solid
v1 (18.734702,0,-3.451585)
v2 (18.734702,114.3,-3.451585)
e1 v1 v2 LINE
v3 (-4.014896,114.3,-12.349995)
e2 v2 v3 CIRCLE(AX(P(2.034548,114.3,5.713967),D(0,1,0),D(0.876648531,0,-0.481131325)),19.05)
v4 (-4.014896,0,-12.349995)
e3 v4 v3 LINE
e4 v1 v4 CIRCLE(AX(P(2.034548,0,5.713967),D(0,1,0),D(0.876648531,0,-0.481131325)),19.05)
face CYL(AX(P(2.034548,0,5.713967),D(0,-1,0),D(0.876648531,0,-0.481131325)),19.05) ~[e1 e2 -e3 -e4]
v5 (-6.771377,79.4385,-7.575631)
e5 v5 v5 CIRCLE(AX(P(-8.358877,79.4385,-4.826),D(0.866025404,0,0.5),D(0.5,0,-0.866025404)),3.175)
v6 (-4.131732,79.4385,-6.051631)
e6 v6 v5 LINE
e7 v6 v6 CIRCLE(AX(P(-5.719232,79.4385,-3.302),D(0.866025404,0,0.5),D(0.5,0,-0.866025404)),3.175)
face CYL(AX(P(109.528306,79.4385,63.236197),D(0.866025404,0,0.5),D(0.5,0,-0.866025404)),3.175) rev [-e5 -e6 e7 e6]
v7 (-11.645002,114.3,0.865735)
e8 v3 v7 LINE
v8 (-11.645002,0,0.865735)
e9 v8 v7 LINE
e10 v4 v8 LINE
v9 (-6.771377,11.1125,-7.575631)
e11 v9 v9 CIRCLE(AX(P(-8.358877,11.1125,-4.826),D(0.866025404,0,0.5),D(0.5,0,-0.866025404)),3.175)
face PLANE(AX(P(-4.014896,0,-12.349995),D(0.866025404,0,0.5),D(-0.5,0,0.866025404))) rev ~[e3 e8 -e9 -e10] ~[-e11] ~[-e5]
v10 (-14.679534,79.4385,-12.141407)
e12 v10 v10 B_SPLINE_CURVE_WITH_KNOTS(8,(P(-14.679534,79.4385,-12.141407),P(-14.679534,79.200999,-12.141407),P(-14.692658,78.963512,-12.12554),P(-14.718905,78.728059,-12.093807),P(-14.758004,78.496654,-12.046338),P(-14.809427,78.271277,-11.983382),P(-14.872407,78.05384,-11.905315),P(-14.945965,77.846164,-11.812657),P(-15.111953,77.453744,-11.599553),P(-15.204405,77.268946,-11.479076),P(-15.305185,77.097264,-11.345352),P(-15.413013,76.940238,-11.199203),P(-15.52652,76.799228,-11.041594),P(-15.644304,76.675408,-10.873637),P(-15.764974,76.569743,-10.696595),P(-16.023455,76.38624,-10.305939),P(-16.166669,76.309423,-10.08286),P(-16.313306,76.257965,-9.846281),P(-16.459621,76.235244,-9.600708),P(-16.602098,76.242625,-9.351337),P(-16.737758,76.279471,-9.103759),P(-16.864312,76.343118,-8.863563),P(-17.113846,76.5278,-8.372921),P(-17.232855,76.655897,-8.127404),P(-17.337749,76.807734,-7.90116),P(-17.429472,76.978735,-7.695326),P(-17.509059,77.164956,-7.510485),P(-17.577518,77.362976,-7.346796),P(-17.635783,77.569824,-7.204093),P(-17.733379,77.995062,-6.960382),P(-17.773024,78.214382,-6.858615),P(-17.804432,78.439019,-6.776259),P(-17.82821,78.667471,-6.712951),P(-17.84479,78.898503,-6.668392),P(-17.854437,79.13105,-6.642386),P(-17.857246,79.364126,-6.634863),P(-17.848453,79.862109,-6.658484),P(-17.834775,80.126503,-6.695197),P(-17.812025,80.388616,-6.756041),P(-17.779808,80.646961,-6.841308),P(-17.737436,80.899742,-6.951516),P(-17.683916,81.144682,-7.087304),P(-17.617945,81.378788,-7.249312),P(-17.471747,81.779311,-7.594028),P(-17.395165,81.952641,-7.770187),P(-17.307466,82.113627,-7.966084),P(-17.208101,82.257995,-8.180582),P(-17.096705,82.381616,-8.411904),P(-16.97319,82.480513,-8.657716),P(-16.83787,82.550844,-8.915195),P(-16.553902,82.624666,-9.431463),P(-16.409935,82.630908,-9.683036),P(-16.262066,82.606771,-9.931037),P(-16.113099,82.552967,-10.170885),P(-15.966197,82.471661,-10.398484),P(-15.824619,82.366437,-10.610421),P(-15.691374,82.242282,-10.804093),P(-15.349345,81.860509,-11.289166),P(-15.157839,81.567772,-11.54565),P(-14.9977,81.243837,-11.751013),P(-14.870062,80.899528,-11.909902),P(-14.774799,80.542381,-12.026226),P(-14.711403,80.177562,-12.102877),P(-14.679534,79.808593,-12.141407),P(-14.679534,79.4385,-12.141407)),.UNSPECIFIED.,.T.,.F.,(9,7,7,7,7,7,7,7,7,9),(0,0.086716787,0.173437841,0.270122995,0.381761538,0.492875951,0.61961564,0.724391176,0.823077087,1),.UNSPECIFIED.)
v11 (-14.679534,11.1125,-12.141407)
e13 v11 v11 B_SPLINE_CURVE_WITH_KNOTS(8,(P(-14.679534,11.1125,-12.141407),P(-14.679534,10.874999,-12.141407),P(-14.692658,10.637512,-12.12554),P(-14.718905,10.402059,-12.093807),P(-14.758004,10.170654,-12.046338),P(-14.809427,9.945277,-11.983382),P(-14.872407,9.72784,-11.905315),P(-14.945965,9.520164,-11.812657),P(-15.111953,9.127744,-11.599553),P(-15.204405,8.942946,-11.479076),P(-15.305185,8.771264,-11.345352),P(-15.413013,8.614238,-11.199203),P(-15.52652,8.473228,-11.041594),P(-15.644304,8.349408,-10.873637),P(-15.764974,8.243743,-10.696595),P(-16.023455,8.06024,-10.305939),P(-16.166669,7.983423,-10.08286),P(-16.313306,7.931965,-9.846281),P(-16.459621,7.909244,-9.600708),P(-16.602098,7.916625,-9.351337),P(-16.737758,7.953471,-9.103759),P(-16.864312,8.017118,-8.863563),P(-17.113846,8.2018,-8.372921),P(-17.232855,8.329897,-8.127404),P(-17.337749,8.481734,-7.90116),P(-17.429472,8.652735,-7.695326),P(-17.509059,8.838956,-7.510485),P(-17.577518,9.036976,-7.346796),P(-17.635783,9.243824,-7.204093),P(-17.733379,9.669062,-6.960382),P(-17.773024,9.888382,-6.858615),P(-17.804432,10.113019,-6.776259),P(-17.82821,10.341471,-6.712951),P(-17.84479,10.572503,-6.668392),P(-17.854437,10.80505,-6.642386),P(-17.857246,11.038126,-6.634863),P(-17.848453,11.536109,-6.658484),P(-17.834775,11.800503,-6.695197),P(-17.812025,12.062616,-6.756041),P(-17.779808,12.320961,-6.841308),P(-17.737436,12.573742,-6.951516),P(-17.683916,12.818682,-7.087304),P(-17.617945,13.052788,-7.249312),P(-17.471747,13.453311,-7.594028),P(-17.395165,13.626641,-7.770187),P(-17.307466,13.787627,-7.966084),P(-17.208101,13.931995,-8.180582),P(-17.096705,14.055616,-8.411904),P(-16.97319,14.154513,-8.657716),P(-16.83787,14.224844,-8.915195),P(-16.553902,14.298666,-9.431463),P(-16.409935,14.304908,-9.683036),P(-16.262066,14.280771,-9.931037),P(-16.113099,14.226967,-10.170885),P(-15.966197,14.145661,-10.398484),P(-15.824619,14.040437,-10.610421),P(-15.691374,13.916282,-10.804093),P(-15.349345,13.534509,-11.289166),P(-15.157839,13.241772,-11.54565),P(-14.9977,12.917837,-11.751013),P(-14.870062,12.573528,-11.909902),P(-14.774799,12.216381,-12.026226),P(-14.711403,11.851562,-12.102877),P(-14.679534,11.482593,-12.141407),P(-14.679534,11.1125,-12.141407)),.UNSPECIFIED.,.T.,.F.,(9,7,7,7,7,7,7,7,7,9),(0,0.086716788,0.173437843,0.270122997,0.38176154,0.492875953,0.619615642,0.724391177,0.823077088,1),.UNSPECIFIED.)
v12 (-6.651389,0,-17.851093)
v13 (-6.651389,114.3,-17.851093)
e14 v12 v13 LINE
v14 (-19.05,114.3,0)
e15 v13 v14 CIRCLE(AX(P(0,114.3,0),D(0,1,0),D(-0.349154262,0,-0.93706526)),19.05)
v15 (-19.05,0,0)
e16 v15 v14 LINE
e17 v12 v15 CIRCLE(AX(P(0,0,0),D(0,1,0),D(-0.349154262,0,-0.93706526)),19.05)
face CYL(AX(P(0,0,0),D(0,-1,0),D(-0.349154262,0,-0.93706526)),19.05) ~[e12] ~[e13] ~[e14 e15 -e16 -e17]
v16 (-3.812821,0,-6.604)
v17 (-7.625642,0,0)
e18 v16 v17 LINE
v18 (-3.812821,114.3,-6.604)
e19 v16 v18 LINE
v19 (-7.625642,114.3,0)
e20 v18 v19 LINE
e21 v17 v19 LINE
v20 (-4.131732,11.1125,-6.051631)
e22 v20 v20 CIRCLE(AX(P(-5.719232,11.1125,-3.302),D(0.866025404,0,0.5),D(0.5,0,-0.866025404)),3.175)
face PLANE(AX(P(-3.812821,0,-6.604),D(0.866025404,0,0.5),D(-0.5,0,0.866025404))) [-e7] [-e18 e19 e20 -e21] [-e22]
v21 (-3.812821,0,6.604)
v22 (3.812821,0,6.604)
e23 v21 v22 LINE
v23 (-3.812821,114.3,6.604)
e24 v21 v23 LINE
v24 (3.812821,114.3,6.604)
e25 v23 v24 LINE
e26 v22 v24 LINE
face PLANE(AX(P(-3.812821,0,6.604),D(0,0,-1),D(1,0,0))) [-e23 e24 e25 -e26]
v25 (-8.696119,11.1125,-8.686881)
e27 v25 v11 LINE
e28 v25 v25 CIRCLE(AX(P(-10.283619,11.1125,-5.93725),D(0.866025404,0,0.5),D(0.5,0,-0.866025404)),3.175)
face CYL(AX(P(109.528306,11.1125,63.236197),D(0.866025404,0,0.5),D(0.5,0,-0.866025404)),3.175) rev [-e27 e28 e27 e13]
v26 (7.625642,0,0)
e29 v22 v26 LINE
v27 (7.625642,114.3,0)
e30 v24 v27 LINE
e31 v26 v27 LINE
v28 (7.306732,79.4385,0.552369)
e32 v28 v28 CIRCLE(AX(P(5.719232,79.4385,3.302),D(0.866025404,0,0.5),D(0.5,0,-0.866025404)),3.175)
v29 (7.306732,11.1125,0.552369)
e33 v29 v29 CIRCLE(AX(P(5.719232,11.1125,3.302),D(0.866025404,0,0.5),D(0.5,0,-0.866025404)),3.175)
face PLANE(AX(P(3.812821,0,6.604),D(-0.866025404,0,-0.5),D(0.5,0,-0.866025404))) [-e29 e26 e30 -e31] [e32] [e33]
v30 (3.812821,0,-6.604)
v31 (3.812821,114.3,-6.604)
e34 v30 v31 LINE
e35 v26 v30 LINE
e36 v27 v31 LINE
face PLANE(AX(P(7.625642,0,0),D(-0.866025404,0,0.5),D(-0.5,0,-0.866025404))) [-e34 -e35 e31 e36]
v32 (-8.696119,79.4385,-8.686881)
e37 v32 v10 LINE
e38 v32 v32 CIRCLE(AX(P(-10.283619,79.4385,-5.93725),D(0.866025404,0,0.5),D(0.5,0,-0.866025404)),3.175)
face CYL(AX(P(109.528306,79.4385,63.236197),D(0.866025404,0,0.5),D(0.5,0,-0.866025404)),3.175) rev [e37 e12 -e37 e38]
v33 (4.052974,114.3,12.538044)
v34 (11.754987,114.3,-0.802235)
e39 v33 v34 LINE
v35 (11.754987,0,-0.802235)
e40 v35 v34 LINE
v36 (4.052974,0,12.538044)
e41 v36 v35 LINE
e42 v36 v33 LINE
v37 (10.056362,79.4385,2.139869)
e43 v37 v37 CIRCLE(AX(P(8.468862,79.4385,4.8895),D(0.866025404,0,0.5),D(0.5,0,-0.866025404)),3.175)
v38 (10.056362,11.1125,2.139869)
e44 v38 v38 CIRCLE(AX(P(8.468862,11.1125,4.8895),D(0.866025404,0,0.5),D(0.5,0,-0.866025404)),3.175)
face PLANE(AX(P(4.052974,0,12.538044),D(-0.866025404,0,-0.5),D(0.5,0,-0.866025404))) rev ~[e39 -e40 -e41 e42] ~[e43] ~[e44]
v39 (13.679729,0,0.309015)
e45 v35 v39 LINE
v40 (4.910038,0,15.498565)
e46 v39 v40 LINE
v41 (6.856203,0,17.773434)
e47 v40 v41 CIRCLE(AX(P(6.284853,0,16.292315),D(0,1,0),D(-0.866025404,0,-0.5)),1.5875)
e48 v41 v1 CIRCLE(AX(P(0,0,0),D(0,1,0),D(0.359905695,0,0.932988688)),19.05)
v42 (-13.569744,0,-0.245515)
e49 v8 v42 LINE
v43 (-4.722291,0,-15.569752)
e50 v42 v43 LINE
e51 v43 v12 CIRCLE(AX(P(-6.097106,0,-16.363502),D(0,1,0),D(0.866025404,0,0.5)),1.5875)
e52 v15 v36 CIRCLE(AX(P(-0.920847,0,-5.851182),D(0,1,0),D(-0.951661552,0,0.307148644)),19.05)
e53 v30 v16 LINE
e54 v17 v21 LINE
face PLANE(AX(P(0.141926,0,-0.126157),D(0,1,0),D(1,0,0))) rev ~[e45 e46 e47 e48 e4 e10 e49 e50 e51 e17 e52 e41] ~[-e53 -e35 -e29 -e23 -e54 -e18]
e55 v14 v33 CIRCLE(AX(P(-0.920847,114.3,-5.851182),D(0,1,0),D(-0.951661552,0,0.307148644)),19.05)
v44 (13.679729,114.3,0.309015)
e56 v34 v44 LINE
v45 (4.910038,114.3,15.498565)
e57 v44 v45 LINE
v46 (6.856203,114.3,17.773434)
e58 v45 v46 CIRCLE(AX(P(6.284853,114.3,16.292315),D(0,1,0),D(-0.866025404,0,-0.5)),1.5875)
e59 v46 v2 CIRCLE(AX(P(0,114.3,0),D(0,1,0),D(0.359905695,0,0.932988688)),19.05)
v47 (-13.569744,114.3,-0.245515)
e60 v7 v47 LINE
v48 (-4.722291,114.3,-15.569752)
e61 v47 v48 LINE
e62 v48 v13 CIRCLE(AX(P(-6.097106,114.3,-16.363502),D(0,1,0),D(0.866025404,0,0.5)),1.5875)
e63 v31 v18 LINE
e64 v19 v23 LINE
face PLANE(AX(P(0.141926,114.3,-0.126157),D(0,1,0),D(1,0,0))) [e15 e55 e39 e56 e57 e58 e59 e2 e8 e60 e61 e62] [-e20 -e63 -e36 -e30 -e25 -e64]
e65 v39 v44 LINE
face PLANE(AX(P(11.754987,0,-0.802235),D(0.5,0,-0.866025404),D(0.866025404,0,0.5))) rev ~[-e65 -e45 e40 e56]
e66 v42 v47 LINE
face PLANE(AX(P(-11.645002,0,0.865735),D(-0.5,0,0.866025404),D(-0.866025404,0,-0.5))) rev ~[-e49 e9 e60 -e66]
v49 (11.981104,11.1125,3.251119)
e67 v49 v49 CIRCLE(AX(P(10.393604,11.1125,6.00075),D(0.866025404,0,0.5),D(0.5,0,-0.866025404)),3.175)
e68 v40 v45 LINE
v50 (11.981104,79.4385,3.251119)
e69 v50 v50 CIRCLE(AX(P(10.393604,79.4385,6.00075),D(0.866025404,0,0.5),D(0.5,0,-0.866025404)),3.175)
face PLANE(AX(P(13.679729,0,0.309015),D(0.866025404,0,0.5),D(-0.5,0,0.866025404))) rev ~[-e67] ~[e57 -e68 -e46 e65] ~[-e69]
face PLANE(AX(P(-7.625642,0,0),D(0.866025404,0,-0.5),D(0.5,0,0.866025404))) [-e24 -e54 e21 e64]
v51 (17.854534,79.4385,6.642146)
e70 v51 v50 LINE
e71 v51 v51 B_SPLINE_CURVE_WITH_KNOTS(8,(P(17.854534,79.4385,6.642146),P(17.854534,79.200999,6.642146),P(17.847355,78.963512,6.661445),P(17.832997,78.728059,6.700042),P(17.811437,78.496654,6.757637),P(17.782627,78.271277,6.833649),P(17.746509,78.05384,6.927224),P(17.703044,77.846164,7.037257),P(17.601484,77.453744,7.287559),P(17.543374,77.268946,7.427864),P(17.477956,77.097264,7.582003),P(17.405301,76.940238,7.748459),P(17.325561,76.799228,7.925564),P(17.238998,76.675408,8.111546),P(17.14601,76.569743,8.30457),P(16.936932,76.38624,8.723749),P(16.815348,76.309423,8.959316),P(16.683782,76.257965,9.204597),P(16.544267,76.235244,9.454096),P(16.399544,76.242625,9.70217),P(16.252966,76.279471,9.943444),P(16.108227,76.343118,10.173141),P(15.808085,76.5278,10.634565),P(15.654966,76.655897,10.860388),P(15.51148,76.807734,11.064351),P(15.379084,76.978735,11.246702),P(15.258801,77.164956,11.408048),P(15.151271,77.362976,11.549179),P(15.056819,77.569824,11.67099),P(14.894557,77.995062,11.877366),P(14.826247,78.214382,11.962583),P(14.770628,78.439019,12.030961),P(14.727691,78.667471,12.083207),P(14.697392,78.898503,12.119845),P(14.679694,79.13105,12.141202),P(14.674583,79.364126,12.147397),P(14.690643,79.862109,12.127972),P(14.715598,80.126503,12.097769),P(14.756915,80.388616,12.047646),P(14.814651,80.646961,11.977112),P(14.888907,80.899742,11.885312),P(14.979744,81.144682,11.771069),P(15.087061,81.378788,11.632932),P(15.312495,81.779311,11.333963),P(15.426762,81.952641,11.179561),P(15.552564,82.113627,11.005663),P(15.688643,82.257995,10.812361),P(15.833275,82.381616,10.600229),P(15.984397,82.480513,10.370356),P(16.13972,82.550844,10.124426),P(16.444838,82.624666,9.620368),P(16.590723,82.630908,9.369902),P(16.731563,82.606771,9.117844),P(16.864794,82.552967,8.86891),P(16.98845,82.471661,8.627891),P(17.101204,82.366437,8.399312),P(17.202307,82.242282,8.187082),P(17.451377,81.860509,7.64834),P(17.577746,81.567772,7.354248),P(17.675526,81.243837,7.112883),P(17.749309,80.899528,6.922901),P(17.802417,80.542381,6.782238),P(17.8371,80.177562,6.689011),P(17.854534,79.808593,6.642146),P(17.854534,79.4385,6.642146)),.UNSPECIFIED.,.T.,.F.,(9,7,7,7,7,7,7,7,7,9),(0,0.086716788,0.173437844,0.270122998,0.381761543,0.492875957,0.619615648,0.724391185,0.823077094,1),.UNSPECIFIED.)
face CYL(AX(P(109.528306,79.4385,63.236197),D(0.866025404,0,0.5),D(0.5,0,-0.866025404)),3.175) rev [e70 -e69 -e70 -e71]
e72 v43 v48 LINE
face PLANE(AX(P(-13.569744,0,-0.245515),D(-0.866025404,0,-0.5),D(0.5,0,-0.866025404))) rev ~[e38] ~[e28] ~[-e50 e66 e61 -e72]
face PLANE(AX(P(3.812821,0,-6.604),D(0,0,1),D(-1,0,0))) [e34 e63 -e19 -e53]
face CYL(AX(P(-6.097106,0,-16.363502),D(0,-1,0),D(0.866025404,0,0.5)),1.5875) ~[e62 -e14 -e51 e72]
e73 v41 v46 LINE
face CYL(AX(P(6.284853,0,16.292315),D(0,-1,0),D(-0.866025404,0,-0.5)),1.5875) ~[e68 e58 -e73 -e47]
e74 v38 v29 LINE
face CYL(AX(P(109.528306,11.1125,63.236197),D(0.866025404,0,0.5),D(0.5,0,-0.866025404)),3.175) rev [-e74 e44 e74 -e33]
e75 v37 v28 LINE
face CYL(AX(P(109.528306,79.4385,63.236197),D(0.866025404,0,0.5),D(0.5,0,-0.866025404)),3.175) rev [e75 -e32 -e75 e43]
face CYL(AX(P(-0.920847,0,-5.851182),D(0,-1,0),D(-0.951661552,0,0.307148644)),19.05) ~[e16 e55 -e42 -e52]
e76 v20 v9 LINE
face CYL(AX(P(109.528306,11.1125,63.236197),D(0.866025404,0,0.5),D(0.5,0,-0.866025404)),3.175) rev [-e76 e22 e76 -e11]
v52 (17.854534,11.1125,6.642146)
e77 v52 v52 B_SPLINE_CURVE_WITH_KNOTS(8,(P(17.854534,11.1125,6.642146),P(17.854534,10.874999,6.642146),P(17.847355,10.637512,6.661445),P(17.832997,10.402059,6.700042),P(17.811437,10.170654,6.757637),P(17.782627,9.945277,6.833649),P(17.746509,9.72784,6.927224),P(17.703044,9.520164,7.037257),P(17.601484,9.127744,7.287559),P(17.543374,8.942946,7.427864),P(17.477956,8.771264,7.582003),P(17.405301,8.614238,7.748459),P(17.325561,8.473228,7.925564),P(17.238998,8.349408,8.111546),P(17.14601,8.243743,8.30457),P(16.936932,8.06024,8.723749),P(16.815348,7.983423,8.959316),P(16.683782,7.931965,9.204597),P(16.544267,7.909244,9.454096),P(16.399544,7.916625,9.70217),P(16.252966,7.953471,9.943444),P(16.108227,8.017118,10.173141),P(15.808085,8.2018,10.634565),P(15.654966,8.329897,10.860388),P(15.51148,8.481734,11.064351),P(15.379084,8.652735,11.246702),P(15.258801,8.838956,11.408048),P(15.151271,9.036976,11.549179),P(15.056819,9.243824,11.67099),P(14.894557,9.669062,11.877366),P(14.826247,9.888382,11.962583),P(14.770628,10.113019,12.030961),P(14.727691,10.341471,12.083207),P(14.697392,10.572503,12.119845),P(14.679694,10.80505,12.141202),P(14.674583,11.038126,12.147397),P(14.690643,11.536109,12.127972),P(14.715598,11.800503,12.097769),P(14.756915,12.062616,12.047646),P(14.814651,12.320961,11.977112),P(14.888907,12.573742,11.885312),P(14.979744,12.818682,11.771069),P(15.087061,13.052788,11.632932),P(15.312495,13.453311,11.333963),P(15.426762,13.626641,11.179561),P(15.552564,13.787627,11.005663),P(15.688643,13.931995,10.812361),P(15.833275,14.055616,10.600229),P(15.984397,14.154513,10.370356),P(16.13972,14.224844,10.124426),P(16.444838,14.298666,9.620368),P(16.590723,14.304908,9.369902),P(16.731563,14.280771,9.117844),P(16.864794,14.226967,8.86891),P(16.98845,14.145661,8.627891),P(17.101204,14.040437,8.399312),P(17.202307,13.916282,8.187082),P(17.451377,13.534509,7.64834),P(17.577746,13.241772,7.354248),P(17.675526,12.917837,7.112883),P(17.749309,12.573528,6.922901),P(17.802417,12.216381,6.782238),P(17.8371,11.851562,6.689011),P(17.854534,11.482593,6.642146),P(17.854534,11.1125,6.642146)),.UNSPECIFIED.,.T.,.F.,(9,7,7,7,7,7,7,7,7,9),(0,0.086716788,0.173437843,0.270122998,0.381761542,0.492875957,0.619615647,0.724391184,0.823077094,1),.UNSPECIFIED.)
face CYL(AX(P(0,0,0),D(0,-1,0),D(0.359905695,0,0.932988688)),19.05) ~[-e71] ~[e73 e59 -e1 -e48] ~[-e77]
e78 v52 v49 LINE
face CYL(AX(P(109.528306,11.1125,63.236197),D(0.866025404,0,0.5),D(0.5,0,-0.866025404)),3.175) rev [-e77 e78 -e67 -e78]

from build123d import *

# Parameters (mm, degrees)
BOSS_EXTRUDE1_DEPTH     = 114.3
CUT_EXTRUDE1_DEPTH      = 119.868393362
CUT_EXTRUDE1_DEPTH_BACK = 119.868393362
SKETCH2_R               = 3.175


with BuildPart() as part:
    # Sketch1 → Boss-Extrude1 (new body)
    with BuildSketch(Plane(origin=(0, 0, 0), x_dir=(1, 0, 0), z_dir=(0, 1, 0))):
        with BuildLine():
            Line((4.052973773, -12.538043503), (11.754987424, 0.80223546))
            Line((11.754987424, 0.80223546), (13.679728884, -0.30901454))
            Line((13.679728884, -0.30901454), (4.910037862, -15.498564956))
            ThreePointArc((4.910037862, -15.498564956), (5.078558502, -17.32430787), (6.856203481, -17.773434497))
            ThreePointArc((6.856203481, -17.773434497), (16.623747328, -9.303414683), (18.73470204, 3.451585069))
            ThreePointArc((18.73470204, 3.451585069), (8.97391608, 12.027162481), (-4.01489639, 12.349995465))
            Line((-4.01489639, 12.349995465), (-11.645002197, -0.86573546))
            Line((-11.645002197, -0.86573546), (-13.569743657, 0.24551454))
            Line((-13.569743657, 0.24551454), (-4.722290977, 15.569752099))
            ThreePointArc((-4.722290977, 15.569752099), (-4.884898453, 17.388542767), (-6.651388697, 17.851093199))
            ThreePointArc((-6.651388697, 17.851093199), (-15.646268799, 10.867233901), (-19.05, 0))
            ThreePointArc((-19.05, 0), (-10.00744853, -10.892061153), (4.052973773, -12.538043503))
        make_face()
        Polygon((3.812821178, -6.604), (7.625642355, 0), (3.812821178, 6.604), (-3.812821178, 6.604), (-7.625642355, 0), (-3.812821178, -6.604), align=None, mode=Mode.SUBTRACT)
    extrude(amount=BOSS_EXTRUDE1_DEPTH)

    # Sketch2 → Cut-Extrude1 (cut, two sides: drawn at the far end of the back side and taken through both)
    with BuildSketch(Plane(origin=(5.719231767, 0, 3.302), x_dir=(-0.5000000000000001, 0, 0.8660254037844386), z_dir=(-0.8660254037844386, 0, -0.5000000000000001)).offset(-CUT_EXTRUDE1_DEPTH_BACK)):
        with Locations(Location((0, 11.1125, 0), (0, 0, 180))):
            Circle(SKETCH2_R)
        with Locations(Location((0, 79.4385, 0), (0, 0, 180))):
            Circle(SKETCH2_R)
    extrude(amount=CUT_EXTRUDE1_DEPTH + CUT_EXTRUDE1_DEPTH_BACK, mode=Mode.SUBTRACT)


solid = part.part
